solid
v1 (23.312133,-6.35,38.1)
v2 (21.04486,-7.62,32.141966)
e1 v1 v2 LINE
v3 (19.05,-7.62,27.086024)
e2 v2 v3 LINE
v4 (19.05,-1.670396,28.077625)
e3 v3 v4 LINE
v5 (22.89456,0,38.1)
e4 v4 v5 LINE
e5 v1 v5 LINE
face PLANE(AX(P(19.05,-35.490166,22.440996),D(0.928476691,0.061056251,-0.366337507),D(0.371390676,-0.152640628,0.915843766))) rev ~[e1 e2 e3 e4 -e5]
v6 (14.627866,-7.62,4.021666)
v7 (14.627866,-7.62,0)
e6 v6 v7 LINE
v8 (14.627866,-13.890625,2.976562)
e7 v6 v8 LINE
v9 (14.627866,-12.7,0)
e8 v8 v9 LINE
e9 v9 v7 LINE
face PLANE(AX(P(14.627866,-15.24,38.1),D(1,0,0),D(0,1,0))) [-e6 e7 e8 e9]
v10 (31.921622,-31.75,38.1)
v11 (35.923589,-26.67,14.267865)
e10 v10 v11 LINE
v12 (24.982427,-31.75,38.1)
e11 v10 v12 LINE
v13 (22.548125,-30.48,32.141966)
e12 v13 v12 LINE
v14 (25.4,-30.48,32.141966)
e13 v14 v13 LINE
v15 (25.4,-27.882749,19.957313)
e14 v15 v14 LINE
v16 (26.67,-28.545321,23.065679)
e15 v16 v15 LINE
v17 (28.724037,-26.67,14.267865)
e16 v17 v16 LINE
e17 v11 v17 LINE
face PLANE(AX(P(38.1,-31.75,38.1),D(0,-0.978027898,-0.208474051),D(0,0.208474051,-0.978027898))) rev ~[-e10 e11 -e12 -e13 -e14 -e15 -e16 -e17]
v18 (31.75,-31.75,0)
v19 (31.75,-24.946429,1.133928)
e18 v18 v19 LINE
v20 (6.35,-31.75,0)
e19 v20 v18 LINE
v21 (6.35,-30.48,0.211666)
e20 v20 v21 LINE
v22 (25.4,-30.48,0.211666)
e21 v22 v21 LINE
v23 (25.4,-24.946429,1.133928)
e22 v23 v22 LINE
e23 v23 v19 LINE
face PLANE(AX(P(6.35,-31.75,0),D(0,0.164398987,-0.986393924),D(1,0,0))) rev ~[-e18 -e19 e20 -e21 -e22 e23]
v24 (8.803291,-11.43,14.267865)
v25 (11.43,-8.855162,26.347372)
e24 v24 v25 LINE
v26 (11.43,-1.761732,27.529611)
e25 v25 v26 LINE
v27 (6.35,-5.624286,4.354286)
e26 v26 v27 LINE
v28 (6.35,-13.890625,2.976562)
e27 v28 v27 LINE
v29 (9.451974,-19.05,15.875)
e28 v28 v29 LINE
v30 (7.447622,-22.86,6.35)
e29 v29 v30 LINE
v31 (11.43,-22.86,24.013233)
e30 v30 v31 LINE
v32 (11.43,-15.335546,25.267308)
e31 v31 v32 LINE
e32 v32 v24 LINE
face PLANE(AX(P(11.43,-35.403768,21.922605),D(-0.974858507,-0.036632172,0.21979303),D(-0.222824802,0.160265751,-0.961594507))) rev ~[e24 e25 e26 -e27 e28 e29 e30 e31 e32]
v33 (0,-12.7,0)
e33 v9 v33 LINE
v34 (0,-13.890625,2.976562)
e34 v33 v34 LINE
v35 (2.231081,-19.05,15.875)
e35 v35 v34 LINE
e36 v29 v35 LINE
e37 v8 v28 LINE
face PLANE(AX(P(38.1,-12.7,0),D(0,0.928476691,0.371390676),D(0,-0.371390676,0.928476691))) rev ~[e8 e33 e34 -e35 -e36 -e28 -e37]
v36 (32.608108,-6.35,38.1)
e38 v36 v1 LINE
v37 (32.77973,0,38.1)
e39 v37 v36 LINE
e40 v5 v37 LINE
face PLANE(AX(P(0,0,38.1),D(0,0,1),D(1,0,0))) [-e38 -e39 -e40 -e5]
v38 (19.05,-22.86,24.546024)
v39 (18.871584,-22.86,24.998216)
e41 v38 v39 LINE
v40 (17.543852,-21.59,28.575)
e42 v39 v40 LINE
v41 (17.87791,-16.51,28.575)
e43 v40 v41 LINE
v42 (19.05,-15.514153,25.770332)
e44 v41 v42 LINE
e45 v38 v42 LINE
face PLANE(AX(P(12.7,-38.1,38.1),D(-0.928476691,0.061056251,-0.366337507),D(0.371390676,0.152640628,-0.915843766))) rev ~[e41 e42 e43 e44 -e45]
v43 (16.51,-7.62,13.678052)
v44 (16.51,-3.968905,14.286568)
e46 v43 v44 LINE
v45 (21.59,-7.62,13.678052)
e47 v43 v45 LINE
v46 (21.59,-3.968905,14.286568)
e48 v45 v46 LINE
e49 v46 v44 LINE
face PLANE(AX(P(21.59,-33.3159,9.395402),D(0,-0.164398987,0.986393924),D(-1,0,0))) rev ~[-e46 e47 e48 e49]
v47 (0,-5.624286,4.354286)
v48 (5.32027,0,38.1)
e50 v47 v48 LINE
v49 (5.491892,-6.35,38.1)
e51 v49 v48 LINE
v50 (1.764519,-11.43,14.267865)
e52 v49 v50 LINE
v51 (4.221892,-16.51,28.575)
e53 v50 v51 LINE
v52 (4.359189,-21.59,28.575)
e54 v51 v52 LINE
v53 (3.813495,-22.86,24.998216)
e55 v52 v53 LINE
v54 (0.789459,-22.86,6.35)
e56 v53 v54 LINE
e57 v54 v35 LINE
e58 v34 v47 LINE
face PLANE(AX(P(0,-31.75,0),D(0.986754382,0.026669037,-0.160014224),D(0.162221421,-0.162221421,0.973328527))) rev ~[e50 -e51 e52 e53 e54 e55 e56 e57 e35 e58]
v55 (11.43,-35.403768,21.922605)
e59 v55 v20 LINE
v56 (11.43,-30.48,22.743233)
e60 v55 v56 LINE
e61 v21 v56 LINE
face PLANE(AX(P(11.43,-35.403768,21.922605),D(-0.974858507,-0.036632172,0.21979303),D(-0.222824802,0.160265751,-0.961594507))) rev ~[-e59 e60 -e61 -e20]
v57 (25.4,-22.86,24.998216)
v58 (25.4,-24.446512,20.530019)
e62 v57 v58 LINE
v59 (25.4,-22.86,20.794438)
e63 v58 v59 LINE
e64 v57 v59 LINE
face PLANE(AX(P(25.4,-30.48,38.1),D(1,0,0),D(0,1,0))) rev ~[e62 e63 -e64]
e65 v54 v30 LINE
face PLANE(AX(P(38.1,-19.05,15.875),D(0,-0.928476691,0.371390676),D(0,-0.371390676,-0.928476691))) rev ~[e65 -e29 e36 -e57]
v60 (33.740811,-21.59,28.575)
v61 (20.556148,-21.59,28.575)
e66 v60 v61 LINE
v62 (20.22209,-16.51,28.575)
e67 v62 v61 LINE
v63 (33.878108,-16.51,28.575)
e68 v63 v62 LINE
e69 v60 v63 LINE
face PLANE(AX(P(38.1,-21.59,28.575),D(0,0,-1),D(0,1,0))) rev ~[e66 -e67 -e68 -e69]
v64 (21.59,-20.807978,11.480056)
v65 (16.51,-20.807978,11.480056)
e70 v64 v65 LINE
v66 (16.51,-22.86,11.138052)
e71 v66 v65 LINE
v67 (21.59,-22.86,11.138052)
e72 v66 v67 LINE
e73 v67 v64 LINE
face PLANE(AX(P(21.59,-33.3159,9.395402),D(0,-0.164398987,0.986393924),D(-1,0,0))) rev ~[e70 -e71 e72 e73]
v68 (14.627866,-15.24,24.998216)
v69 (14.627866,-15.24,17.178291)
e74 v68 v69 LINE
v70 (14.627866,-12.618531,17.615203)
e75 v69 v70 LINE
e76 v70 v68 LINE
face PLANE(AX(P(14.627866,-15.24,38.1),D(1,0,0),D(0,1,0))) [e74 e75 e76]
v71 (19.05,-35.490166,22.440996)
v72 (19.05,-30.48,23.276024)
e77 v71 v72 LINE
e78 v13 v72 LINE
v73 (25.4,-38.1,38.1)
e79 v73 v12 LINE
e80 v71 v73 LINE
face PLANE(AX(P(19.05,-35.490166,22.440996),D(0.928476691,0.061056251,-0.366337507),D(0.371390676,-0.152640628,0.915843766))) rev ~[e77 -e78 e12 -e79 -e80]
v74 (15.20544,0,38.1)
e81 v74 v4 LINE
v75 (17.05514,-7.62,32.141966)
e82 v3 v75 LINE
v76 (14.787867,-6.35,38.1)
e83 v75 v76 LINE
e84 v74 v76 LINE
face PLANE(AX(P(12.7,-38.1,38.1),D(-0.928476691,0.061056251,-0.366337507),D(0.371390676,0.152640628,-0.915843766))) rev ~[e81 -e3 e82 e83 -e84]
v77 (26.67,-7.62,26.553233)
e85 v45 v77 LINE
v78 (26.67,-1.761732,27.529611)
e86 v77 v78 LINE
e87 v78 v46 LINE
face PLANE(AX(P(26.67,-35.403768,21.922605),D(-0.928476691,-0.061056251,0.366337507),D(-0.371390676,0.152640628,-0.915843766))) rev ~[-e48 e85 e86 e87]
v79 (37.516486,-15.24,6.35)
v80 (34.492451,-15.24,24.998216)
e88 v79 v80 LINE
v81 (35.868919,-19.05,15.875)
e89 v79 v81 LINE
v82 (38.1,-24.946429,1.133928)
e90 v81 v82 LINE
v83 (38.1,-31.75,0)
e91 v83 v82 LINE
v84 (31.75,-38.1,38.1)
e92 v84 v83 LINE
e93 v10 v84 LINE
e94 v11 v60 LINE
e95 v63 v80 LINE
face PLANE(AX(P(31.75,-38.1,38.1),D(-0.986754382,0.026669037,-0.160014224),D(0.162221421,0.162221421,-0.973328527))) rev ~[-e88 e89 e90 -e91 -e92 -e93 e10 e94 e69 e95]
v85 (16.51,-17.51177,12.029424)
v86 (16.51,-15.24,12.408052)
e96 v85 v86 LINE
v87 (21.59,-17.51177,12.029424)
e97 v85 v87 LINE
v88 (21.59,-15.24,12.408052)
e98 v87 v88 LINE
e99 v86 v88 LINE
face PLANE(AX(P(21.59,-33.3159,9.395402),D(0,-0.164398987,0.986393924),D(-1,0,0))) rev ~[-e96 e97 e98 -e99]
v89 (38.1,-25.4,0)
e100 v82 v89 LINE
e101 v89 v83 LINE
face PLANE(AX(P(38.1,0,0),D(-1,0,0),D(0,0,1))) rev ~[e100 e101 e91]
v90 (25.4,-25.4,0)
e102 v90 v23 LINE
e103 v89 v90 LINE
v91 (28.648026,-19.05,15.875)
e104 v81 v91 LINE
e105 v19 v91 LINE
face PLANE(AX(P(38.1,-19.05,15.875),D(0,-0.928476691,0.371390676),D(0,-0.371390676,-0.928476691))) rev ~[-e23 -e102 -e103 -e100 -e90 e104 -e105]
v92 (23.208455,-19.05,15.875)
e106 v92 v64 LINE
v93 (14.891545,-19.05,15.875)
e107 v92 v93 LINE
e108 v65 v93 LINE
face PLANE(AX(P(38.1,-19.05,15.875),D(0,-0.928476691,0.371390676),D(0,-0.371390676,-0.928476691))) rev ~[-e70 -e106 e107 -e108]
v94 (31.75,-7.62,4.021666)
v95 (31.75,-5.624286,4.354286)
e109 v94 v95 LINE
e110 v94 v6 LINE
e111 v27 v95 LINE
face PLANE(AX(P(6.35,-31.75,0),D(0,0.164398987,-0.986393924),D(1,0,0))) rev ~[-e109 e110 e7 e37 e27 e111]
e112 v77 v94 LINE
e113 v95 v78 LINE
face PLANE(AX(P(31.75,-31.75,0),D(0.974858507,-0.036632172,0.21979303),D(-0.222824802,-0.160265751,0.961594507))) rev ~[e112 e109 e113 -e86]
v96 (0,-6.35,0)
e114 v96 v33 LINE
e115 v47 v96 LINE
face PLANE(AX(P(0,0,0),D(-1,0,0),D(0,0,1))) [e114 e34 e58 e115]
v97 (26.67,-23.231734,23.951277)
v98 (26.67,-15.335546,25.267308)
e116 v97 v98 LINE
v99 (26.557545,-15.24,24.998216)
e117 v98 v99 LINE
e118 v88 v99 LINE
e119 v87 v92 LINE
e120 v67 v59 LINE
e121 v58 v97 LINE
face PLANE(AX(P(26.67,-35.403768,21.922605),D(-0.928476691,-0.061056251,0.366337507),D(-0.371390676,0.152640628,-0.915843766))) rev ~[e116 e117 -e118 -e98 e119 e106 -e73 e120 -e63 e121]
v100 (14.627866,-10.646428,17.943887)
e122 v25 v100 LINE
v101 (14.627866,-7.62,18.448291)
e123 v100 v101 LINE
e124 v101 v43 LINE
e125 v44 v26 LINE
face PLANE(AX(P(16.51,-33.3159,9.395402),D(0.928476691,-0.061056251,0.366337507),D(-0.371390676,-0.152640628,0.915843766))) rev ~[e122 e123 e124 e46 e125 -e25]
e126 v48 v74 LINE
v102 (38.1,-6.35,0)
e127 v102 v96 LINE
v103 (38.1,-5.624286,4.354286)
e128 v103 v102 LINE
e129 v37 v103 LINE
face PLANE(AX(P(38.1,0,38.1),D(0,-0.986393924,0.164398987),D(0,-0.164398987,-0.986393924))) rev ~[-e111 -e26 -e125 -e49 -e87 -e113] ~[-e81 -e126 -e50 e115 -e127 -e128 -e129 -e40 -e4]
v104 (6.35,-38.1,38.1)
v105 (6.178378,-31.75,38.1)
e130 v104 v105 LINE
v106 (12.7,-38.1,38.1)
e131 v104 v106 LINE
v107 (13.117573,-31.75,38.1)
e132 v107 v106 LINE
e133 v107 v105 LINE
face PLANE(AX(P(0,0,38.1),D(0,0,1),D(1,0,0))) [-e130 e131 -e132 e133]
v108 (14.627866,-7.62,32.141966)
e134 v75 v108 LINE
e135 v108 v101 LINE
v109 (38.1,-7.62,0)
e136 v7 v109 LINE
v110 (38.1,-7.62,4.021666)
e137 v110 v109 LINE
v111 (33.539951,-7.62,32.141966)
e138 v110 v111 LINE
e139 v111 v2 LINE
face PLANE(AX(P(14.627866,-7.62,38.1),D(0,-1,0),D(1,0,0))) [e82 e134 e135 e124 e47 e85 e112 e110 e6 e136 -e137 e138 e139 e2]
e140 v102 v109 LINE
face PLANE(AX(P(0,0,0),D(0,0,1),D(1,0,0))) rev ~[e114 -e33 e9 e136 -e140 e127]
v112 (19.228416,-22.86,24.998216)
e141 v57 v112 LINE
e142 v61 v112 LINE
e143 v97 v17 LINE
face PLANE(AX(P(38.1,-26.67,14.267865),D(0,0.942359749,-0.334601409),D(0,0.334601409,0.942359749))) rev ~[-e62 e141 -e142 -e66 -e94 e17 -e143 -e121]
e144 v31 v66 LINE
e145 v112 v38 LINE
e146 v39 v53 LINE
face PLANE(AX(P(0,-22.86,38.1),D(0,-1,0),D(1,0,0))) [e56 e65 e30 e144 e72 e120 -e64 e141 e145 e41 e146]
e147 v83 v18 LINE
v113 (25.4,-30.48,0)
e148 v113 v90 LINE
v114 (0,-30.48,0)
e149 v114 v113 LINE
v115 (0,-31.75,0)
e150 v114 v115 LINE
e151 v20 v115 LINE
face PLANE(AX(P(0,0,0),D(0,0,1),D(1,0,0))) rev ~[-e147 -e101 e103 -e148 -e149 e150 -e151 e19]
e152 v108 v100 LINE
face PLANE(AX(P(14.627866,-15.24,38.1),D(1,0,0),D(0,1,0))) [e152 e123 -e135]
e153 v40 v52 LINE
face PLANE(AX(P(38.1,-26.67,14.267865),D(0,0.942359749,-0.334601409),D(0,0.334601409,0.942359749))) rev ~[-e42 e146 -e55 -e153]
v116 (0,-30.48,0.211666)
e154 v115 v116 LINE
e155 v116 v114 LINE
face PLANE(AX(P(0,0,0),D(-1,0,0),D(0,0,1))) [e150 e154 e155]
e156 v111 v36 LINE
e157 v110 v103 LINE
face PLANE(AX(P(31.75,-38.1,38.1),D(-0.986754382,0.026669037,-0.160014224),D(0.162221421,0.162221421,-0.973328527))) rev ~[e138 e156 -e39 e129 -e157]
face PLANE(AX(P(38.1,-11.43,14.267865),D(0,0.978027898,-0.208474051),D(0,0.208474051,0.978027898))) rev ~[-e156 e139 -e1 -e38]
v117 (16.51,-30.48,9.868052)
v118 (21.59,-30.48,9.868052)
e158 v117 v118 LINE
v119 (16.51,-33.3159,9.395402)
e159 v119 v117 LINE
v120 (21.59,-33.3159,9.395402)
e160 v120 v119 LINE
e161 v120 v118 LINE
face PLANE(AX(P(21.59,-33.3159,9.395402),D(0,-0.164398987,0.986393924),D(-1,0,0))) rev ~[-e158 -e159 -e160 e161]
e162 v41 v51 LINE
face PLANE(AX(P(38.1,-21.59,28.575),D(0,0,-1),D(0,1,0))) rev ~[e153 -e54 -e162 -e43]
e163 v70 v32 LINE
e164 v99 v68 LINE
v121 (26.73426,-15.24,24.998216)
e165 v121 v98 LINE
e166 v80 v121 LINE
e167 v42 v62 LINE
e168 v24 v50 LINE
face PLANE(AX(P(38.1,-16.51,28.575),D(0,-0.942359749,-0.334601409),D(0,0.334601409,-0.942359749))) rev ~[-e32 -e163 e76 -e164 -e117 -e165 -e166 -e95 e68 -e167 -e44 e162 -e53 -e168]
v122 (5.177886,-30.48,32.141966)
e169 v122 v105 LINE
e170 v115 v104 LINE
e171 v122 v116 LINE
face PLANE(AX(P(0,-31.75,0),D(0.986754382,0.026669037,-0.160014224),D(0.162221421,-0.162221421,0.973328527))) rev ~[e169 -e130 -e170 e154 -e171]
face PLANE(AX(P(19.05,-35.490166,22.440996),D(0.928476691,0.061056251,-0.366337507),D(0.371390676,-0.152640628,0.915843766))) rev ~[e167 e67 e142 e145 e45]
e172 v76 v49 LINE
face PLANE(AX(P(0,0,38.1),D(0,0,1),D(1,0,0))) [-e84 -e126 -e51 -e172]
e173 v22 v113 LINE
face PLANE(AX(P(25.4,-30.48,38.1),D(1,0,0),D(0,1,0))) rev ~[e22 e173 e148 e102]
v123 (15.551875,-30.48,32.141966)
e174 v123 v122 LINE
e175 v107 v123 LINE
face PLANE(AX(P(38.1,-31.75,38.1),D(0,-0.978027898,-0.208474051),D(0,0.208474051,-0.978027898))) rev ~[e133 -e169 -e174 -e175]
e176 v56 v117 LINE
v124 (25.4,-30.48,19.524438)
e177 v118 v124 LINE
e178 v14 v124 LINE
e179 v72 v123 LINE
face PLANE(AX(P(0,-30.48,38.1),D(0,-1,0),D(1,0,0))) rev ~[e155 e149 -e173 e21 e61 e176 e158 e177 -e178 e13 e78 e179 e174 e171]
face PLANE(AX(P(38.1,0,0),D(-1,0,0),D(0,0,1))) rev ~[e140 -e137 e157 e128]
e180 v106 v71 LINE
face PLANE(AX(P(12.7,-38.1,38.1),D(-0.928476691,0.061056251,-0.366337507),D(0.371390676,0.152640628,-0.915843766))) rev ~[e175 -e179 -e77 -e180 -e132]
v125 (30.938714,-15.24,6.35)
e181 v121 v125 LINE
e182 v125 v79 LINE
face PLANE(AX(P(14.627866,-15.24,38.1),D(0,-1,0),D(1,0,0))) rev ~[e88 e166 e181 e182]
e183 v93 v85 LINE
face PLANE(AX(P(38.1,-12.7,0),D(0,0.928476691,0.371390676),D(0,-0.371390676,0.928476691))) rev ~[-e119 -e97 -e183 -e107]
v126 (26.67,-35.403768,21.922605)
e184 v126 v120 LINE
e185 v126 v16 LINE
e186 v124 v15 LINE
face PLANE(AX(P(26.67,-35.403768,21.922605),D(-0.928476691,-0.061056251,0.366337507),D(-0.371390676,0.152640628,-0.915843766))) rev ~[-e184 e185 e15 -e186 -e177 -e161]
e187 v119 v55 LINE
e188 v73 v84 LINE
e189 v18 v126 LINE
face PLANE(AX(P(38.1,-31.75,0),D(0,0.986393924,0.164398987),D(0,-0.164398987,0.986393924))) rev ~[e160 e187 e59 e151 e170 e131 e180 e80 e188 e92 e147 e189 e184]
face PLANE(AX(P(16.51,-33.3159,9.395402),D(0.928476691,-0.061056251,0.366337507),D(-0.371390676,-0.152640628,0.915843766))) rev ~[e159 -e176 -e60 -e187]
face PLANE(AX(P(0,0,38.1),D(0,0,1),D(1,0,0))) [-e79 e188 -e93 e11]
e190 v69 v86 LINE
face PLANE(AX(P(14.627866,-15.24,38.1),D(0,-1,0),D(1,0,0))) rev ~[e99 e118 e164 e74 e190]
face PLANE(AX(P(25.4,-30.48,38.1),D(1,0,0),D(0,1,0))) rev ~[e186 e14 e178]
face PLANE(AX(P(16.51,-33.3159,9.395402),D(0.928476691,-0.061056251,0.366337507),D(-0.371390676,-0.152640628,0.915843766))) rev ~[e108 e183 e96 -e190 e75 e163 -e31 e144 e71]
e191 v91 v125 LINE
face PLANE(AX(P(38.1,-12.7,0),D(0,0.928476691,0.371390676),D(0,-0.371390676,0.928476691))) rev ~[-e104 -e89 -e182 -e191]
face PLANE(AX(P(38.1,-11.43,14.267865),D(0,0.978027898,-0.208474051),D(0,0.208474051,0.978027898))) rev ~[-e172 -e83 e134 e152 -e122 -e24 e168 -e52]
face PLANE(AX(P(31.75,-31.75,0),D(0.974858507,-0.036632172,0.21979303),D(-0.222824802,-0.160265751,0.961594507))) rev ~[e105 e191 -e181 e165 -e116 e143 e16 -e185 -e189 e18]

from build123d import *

# Parameters (mm, degrees)
F0_W     = 38.1
F0_H     = 38.1
F1_DEPTH = 38.1
F4_DEPTH = 38.1
F6_DEPTH = 38.1
F7_W     = 23.472134
F7_H     = 7.62
F7_W_2   = 25.4
F8_DEPTH = 38.1


with BuildPart() as f1:
    # F0 (on Front) → F1 (new body)
    with BuildSketch(Plane.XZ):
        with Locations((19.05, 19.05)):
            Rectangle(F0_W, F0_H)
    extrude(amount=F1_DEPTH)

    # F3 (on face) → F4 (cut)
    with BuildSketch(Plane.YZ.offset(38.1)):
        Polygon((-6.35, 38.1), (-31.75, 38.1), (-26.67, 14.267865), (-21.59, 28.575), (-16.51, 28.575), (-11.43, 14.267865), align=None)
        Polygon((-31.75, 0), (-38.1, 38.1), (-38.1, 0), align=None)
        Polygon((-19.05, 15.875), (-25.4, 0), (-12.7, 0), align=None)
        Polygon((0, 0), (0, 38.1), (-6.35, 0), align=None)
    extrude(amount=-F4_DEPTH, mode=Mode.SUBTRACT)

    # F5 (on face) → F6 (cut)
    with BuildSketch(Plane(origin=(0, -30.891892, -5.148649), x_dir=(1, 0, 0), z_dir=(0, -0.986394, -0.164399))):
        Polygon((11.43, 27.444668), (6.35, 5.219668), (31.75, 5.219668), (26.67, 27.444668), (21.59, 14.744668), (16.51, 14.744668), align=None)
        Polygon((25.4, 43.84521), (12.7, 43.84521), (19.05, 27.97021), align=None)
        Polygon((0, 43.84521), (0, 5.219668), (6.35, 43.84521), align=None)
        Polygon((31.75, 43.84521), (38.1, 5.219668), (38.1, 43.84521), align=None)
    extrude(amount=-F6_DEPTH, mode=Mode.SUBTRACT)

    # F7 (on offset) → F8 (cut)
    with BuildSketch(Plane.XY.offset(38.1)):
        with Locations((26.363933, -11.43)):
            Rectangle(F7_W, F7_H)
        with Locations((12.7, -26.67)):
            Rectangle(F7_W_2, F7_H)
    extrude(amount=-F8_DEPTH, mode=Mode.SUBTRACT)


solid = f1.part
